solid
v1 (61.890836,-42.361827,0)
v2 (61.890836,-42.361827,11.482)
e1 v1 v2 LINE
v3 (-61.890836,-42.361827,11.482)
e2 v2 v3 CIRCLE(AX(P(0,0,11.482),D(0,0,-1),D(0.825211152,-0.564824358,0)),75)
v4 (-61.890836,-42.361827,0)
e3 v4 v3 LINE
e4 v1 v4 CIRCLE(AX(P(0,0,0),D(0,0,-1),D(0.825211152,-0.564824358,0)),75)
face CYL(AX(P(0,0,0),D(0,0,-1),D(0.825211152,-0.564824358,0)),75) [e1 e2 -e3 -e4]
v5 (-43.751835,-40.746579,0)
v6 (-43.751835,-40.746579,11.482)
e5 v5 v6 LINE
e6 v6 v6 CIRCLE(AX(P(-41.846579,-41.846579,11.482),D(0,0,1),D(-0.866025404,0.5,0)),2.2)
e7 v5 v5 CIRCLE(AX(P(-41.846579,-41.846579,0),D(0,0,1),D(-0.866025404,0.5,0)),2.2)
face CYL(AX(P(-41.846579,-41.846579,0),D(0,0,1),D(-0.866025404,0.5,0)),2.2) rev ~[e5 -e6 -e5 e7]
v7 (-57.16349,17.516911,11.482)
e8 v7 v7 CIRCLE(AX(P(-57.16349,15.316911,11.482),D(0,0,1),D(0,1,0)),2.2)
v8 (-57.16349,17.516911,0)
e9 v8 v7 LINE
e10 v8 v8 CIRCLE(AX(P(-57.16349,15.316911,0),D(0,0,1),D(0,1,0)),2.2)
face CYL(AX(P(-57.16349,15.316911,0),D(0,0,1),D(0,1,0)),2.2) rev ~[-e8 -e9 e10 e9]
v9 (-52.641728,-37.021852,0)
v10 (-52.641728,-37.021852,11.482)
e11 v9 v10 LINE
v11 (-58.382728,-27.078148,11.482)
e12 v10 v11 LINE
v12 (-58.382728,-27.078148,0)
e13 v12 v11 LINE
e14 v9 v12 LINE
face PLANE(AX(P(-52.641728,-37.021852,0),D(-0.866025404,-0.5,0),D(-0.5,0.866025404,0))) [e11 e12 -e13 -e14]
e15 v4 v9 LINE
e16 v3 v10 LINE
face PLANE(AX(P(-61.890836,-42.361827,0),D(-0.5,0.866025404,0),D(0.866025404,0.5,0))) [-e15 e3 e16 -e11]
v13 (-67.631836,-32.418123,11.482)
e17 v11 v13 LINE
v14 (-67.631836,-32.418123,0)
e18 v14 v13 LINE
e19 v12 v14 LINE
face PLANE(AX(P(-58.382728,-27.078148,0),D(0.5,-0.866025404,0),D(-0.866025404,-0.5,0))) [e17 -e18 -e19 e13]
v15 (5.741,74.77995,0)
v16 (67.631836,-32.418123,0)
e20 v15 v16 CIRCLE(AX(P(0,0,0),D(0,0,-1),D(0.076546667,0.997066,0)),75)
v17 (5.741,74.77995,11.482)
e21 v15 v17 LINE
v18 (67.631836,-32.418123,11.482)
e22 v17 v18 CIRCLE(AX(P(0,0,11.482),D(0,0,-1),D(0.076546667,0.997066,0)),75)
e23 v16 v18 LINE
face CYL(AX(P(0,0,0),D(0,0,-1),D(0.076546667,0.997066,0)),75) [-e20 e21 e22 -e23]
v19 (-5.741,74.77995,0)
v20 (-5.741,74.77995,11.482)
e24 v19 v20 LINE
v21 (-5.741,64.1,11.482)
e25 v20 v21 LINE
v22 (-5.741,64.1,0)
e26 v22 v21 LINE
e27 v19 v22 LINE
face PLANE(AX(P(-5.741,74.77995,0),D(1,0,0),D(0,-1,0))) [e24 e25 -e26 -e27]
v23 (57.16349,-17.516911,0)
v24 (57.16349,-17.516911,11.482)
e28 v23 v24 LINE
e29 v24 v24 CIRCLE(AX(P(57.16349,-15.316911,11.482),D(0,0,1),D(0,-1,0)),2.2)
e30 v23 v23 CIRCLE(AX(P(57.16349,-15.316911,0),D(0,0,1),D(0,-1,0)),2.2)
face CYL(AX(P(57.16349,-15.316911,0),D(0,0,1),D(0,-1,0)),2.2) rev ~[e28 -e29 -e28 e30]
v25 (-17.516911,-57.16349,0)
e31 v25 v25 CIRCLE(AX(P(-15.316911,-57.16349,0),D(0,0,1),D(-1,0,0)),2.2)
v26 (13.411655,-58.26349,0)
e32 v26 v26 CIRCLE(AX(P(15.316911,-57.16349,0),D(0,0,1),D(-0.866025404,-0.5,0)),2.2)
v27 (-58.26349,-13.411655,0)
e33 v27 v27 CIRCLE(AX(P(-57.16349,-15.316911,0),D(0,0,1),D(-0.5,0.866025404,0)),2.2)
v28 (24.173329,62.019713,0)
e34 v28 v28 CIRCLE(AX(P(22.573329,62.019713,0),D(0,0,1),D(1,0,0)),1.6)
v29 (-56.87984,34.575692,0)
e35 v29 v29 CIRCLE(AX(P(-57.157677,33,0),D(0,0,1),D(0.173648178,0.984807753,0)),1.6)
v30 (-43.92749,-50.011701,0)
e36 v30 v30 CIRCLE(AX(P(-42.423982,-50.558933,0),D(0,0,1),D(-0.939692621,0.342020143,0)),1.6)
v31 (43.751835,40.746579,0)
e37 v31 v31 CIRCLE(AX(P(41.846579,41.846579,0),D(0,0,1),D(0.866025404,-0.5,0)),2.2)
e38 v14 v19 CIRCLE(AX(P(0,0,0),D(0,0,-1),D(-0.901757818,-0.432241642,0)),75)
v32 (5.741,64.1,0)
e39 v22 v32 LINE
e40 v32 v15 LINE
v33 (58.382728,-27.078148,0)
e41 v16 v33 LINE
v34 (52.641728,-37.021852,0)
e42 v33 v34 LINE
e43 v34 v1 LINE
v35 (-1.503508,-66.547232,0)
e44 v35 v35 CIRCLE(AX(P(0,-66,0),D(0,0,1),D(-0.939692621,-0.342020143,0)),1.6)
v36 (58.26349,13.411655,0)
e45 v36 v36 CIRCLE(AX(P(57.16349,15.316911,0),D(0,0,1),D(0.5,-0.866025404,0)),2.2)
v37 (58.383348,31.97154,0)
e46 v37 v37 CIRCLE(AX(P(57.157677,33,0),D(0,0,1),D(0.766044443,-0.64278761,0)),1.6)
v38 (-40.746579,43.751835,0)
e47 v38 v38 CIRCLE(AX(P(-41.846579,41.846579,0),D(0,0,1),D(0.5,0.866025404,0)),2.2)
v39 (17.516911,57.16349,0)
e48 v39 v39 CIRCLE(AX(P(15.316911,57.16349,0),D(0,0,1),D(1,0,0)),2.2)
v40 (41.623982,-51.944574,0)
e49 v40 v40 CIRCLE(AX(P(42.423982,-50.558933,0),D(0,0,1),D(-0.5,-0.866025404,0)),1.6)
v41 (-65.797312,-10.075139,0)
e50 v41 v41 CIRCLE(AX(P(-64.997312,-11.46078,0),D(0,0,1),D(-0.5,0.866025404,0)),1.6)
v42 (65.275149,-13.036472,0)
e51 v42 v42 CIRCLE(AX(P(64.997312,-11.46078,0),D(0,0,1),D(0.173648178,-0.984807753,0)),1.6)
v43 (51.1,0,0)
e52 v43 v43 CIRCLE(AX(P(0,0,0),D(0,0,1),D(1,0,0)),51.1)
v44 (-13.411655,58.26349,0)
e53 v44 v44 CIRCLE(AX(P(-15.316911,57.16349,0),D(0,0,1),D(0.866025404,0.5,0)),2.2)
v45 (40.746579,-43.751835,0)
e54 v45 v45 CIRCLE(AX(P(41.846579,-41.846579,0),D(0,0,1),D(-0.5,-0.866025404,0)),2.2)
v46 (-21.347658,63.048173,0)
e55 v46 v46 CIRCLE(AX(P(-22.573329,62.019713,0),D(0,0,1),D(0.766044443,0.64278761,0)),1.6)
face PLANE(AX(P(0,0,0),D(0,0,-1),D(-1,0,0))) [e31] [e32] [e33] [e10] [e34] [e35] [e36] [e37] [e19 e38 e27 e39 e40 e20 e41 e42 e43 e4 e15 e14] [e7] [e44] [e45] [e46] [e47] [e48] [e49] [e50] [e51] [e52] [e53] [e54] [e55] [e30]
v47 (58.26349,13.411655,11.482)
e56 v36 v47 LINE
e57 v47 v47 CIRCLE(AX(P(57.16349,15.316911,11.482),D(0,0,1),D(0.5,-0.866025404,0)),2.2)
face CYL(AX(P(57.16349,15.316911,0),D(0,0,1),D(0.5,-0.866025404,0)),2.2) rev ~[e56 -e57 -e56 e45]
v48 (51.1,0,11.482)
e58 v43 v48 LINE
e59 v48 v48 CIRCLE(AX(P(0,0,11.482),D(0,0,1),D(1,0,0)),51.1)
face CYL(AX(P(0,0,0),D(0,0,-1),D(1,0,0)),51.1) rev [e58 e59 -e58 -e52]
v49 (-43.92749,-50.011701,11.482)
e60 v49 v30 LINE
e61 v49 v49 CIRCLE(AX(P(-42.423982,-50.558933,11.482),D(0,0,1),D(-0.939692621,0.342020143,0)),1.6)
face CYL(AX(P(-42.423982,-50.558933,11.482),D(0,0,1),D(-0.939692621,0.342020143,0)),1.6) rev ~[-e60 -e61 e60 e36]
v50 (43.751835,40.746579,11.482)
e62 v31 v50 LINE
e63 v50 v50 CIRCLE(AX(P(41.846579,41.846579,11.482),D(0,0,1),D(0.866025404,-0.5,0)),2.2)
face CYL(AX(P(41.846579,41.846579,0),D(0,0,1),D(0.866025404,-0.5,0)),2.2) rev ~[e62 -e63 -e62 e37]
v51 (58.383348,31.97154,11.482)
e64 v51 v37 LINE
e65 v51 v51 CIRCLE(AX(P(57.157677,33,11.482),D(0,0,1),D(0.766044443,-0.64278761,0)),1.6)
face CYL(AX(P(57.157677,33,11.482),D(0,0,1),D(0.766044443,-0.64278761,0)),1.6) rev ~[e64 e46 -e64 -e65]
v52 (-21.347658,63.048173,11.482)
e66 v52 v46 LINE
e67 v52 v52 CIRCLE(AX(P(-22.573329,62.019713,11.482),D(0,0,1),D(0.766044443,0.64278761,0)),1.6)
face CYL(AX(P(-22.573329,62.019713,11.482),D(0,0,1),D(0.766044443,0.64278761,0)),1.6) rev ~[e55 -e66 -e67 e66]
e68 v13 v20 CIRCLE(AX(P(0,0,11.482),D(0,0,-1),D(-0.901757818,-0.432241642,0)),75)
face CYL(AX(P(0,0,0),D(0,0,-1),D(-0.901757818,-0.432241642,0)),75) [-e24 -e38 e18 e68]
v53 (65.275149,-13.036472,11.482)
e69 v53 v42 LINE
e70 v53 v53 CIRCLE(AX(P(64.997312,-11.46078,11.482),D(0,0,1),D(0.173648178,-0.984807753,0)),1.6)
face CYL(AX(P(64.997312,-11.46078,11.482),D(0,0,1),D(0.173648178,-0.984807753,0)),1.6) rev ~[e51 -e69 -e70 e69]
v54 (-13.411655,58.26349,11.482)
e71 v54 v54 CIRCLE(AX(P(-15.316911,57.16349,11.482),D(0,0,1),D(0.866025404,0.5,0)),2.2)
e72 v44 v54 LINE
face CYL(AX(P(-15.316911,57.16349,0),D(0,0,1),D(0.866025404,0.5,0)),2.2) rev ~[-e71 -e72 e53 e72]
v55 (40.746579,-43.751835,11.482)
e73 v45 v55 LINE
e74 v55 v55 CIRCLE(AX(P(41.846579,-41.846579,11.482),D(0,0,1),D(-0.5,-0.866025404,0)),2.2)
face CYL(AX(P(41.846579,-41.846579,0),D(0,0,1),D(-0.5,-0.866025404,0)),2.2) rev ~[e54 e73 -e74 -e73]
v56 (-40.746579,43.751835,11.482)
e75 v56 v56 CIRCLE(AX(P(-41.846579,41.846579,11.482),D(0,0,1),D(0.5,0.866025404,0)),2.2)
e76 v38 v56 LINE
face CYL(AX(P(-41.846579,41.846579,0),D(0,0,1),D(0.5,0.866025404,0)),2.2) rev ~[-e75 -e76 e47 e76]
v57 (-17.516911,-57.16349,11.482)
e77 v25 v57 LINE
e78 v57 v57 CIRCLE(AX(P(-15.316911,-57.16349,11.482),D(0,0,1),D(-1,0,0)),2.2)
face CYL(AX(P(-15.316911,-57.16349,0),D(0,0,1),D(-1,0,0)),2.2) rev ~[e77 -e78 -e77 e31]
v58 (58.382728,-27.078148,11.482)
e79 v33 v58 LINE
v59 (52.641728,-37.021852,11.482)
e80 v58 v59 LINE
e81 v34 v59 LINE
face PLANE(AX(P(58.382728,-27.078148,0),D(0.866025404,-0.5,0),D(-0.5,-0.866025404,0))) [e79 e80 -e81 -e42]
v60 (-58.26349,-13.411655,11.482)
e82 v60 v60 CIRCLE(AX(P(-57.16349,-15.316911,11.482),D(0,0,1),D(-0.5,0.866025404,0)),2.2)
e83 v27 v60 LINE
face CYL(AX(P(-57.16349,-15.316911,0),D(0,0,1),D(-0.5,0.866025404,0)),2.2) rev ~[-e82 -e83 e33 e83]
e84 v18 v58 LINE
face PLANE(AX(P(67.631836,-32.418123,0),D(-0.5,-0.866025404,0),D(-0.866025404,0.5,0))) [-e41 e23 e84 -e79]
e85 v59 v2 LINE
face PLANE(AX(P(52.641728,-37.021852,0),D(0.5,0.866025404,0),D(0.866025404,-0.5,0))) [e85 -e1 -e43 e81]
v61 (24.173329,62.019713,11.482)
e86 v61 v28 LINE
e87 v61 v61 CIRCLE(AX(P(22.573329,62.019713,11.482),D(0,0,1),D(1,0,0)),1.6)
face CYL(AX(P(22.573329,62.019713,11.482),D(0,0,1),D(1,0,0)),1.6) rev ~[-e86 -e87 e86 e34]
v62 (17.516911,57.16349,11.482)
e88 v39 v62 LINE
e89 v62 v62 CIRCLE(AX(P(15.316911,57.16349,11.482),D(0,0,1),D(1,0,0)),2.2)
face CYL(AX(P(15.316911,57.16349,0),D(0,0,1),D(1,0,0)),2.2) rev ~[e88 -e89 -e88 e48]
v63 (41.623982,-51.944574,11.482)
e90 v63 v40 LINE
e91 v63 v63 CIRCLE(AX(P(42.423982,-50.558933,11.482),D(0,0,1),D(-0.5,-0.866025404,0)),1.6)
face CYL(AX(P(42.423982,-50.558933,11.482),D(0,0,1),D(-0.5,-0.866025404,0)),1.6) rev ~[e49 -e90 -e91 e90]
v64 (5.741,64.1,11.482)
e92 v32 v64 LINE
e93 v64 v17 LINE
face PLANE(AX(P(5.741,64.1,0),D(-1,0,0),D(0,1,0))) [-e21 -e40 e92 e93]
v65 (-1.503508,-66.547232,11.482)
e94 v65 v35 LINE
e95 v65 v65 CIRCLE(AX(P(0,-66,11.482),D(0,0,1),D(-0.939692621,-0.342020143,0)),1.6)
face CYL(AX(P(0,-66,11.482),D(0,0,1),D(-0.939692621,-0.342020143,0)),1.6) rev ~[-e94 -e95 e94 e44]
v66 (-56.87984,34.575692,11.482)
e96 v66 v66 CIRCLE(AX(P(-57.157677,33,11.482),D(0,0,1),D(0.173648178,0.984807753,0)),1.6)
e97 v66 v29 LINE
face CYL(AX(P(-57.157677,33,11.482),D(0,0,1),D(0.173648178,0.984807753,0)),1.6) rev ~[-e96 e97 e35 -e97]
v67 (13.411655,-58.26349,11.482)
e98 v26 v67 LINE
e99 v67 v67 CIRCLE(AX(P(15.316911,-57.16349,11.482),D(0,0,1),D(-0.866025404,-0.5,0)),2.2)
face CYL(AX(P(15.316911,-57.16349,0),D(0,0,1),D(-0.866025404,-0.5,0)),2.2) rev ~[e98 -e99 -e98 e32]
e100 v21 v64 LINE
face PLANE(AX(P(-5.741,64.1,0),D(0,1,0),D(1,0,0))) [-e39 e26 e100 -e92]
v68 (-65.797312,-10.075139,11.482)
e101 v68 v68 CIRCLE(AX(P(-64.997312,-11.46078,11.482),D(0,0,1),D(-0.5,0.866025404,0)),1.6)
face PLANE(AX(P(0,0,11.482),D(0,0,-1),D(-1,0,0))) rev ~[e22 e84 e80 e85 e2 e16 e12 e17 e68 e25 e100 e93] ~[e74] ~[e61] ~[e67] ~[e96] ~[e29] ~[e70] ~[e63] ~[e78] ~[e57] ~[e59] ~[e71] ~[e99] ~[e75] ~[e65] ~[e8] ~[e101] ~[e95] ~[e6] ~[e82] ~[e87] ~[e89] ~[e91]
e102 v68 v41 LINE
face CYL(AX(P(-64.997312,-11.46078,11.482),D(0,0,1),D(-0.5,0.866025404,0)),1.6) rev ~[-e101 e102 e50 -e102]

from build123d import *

# Parameters (mm, degrees)
ESQUISSE1_R        = 51.1
BOSS_EXTRU_1_DEPTH = 11.482
SKETCH2_R          = 1.6
CUT_EXTRUDE1_DEPTH = 107.685689406
CIRPATTERN1_COUNT  = 9
SKETCH3_R          = 2.2
CUT_EXTRUDE2_DEPTH = 25
CIRPATTERN2_COUNT  = 12


with BuildPart() as part:
    # Esquisse1 → Boss.-Extru.1 (new body)
    with BuildSketch(Plane.XY):
        with BuildLine():
            Line((52.641728383, -37.021851843), (61.890836376, -42.361826833))
            ThreePointArc((61.890836376, -42.361826833), (0, -75), (-61.890836376, -42.361826833))
            Line((-61.890836376, -42.361826833), (-52.641728383, -37.021851843))
            Line((-52.641728383, -37.021851843), (-58.382728383, -27.078148157))
            Line((-58.382728383, -27.078148157), (-67.631836376, -32.418123147))
            ThreePointArc((-67.631836376, -32.418123147), (-64.951905284, 37.5), (-5.741, 74.77994998))
            Line((-5.741, 74.77994998), (-5.741, 64.1))
            Line((-5.741, 64.1), (5.741, 64.1))
            Line((5.741, 64.1), (5.741, 74.77994998))
            ThreePointArc((5.741, 74.77994998), (64.951905284, 37.5), (67.631836376, -32.418123147))
            Line((67.631836376, -32.418123147), (58.382728383, -27.078148157))
            Line((58.382728383, -27.078148157), (52.641728383, -37.021851843))
        make_face()
        Circle(ESQUISSE1_R, mode=Mode.SUBTRACT)
    extrude(amount=BOSS_EXTRU_1_DEPTH)

    # Sketch2 → Cut-Extrude1 (cut, through all)
    with BuildSketch(Plane.XY.offset(11.482)):
        with Locations((22.573329459, 62.019712972)):
            Circle(SKETCH2_R)
    cut_extrude1 = extrude(amount=-CUT_EXTRUDE1_DEPTH, mode=Mode.SUBTRACT)

    # CirPattern1: Cut-Extrude1 ×9 about axis
    cirpattern1_axis = Axis((0, 0, 0), (0, 0, 1))
    for i in range(1, CIRPATTERN1_COUNT):
        add(cut_extrude1.rotate(cirpattern1_axis, i * 360 / CIRPATTERN1_COUNT), mode=Mode.SUBTRACT)

    # Sketch3 → Cut-Extrude2 (cut, symmetric)
    with BuildSketch(Plane.XY):
        with Locations((15.316911089, 57.1634904)):
            Circle(SKETCH3_R)
    cut_extrude2 = extrude(amount=CUT_EXTRUDE2_DEPTH, both=True, mode=Mode.SUBTRACT)

    # CirPattern2: Cut-Extrude2 ×12 about axis
    cirpattern2_axis = Axis((0, 0, 0), (0, 0, 1))
    for i in range(1, CIRPATTERN2_COUNT):
        add(cut_extrude2.rotate(cirpattern2_axis, i * 360 / CIRPATTERN2_COUNT), mode=Mode.SUBTRACT)


solid = part.part
